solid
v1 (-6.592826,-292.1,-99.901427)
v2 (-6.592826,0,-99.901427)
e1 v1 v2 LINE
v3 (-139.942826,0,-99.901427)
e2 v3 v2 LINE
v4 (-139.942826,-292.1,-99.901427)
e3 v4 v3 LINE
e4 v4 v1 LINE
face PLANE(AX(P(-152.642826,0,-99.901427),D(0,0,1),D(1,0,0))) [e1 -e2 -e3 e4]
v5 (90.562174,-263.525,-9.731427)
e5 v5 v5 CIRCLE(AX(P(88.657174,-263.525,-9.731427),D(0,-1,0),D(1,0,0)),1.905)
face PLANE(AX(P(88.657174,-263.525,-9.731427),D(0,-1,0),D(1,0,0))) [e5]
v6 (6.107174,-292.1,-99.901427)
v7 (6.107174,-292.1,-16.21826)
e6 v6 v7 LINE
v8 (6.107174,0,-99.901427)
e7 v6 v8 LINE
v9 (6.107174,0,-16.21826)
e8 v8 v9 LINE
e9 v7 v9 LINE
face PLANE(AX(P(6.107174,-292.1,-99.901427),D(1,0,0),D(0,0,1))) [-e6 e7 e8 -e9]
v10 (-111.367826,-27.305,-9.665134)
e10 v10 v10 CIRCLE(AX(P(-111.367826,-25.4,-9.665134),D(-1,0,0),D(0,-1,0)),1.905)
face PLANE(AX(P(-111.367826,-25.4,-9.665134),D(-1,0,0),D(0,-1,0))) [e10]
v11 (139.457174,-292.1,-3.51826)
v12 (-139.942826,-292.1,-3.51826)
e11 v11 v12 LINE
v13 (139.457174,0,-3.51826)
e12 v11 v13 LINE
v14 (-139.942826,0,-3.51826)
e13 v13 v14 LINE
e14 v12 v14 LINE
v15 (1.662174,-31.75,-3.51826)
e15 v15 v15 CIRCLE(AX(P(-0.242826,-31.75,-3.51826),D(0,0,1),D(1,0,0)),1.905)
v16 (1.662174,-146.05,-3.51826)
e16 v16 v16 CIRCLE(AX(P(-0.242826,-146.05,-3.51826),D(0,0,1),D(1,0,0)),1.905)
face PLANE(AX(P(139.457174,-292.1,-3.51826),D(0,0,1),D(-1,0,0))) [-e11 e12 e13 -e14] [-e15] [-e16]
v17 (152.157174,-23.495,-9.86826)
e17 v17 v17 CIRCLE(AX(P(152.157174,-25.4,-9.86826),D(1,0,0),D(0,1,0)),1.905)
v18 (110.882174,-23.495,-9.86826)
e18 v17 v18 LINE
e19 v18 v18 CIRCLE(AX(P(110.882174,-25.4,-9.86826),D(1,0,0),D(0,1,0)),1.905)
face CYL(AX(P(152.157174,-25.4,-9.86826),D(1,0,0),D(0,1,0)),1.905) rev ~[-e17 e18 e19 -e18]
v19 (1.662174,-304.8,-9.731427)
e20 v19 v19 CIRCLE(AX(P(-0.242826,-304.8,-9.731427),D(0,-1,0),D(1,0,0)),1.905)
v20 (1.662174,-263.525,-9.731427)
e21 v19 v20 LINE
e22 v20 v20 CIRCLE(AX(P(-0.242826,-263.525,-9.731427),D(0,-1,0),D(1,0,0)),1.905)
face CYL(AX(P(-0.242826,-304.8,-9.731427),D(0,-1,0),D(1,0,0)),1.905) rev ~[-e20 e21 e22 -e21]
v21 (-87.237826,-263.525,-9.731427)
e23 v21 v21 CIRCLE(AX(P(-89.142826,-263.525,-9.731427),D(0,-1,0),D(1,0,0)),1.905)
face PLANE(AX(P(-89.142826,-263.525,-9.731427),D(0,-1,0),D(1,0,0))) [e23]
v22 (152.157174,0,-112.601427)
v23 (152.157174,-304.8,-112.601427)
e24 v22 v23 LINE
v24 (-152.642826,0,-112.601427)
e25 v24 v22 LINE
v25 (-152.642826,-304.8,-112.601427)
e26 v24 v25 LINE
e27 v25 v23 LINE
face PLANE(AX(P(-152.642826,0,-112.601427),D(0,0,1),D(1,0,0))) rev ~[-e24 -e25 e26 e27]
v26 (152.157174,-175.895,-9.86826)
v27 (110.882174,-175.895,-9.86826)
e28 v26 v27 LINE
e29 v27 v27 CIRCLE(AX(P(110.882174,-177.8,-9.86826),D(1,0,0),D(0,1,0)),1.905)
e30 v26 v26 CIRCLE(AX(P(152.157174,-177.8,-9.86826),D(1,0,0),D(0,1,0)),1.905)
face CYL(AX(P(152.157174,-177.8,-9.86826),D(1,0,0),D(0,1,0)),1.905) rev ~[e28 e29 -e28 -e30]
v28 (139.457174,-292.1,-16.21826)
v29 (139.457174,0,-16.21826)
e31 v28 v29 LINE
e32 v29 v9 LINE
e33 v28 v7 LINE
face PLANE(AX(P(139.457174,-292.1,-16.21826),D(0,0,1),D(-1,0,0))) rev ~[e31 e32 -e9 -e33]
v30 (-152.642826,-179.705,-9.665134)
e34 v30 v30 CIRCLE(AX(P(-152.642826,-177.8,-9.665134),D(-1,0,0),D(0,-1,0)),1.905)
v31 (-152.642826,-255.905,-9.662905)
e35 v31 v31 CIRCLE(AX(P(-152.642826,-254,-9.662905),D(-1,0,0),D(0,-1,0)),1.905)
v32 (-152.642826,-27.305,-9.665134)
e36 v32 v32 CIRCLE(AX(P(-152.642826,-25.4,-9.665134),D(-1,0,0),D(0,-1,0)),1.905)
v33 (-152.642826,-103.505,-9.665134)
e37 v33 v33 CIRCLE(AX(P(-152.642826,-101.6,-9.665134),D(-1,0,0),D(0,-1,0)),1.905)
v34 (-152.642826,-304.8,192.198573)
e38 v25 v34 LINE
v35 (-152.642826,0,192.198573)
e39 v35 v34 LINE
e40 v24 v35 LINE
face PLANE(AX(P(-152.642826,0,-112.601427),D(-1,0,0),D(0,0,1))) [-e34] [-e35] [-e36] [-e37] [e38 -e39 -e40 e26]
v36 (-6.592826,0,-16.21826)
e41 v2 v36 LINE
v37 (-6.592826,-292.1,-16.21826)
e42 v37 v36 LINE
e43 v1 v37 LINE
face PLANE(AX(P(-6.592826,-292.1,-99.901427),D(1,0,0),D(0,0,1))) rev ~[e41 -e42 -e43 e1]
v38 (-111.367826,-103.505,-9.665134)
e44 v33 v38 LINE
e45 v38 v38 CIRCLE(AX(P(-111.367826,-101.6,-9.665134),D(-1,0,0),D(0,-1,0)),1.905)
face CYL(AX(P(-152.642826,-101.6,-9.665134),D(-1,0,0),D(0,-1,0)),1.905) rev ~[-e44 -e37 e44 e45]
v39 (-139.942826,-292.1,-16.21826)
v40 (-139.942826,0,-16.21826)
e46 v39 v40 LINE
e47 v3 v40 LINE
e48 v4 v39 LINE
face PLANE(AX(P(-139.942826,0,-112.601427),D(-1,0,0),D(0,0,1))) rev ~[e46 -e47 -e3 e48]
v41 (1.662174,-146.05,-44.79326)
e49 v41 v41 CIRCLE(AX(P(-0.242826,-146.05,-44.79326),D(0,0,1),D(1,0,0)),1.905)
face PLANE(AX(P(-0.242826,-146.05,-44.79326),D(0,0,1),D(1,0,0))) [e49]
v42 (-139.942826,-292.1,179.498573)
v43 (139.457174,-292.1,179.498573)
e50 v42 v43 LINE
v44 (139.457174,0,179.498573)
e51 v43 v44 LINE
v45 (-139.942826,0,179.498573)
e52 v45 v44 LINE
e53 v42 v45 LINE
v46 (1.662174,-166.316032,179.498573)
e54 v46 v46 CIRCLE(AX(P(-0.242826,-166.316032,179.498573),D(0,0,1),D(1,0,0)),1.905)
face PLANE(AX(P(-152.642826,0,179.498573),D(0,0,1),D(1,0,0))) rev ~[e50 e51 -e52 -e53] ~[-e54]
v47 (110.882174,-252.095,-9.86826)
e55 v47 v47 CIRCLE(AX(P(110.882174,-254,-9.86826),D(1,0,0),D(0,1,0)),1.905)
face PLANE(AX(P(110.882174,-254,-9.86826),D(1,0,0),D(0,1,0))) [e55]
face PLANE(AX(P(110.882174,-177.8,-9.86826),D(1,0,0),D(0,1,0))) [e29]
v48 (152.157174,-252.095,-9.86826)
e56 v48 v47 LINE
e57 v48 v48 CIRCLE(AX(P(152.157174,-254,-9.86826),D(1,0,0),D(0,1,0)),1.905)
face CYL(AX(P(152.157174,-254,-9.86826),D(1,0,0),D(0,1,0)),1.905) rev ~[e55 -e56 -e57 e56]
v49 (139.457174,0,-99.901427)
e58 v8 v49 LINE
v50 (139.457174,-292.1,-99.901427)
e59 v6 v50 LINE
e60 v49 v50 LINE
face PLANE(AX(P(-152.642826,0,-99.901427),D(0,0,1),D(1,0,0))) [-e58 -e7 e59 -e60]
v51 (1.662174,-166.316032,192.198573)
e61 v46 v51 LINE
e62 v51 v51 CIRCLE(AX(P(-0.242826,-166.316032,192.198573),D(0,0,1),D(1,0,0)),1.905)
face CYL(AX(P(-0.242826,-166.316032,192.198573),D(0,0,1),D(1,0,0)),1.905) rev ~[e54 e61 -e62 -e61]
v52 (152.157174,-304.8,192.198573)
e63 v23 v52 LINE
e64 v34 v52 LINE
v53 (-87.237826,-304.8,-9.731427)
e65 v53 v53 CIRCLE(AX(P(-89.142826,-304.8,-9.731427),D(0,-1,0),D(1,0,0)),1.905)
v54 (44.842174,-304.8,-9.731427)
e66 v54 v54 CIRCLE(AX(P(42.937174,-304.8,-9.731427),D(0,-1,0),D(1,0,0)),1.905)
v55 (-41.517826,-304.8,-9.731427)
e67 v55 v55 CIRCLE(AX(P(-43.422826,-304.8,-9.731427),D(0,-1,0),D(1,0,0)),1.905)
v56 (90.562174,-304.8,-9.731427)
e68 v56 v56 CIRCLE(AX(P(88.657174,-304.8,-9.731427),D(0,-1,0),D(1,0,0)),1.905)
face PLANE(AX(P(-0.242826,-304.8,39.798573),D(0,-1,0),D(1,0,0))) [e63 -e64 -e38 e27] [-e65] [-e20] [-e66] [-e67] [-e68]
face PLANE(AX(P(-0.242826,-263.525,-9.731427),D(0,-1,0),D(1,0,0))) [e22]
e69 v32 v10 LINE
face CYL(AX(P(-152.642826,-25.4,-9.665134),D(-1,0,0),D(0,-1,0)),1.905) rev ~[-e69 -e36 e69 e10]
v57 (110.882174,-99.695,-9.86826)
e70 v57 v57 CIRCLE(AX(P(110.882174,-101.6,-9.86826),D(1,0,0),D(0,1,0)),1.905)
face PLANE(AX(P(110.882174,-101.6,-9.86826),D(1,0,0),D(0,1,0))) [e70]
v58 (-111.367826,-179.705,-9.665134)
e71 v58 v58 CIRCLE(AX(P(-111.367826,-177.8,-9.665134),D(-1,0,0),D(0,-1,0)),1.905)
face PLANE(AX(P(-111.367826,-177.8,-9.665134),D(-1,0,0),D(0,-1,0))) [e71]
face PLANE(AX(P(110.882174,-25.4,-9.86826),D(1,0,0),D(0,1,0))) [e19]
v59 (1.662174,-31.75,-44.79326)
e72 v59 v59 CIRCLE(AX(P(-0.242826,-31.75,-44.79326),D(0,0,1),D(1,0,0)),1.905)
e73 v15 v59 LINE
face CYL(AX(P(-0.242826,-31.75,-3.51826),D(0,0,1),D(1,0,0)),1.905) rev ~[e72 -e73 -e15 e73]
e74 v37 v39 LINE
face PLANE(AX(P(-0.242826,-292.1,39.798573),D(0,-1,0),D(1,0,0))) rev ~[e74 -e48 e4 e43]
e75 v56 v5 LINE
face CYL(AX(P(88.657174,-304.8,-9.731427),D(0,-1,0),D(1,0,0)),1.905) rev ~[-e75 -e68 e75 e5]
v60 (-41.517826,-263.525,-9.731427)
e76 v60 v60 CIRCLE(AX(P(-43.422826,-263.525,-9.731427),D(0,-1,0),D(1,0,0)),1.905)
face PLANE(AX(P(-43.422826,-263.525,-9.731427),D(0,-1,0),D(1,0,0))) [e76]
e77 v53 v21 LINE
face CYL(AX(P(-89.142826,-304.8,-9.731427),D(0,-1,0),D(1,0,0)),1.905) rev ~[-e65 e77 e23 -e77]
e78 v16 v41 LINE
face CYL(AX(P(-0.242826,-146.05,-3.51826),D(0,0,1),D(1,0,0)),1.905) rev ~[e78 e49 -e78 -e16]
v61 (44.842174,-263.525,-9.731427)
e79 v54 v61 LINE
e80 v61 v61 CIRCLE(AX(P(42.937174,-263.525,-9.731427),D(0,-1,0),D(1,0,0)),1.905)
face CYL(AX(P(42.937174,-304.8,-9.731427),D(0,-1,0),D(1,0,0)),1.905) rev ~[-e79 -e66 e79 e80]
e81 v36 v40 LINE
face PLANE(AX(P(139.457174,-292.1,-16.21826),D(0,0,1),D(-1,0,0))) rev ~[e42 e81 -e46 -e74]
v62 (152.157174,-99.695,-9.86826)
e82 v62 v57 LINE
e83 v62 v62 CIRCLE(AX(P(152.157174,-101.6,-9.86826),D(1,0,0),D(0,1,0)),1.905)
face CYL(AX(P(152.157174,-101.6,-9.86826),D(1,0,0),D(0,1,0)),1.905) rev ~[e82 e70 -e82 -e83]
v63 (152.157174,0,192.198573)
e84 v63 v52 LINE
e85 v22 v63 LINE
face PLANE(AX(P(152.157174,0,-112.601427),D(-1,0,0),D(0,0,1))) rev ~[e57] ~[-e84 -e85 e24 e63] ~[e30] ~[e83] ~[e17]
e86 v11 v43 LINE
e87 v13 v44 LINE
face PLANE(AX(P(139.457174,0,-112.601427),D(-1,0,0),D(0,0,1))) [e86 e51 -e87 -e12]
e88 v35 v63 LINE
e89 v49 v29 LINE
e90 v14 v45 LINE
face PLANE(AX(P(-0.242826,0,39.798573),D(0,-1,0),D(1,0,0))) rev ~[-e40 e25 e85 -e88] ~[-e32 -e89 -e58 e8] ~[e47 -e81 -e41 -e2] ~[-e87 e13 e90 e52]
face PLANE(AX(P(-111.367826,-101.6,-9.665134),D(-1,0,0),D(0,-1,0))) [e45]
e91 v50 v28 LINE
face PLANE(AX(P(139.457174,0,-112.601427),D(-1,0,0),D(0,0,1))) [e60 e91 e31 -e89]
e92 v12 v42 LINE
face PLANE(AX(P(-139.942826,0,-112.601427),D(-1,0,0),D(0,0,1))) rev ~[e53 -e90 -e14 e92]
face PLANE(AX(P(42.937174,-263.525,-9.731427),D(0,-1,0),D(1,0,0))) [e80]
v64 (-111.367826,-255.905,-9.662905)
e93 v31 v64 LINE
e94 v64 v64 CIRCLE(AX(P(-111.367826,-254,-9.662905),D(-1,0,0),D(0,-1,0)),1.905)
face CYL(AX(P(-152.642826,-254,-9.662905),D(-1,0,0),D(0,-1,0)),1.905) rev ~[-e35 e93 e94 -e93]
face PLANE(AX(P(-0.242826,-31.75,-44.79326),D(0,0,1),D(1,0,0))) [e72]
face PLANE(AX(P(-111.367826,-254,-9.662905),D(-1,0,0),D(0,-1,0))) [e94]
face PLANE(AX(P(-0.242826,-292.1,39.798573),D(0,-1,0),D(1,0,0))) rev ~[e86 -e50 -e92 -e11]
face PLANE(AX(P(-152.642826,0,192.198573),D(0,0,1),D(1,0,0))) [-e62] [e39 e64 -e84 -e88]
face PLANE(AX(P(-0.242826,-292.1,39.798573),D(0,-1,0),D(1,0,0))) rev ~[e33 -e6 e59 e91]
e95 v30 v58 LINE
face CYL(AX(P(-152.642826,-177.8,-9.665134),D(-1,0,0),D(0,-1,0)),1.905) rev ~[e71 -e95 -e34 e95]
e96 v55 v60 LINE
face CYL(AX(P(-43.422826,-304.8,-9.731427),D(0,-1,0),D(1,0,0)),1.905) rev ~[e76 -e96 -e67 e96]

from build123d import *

# Parameters (mm, degrees)
F0_W      = 304.8
F0_H      = 304.8
F1_DEPTH  = 304.8
F2_T      = -12.7
F3_W      = 279.4
F3_H      = 12.7
F4_DEPTH  = 292.1
F5_R      = 1.905
F6_DEPTH  = 12.7
F7_R      = 1.905
F8_DEPTH  = 41.275
F9_R      = 1.905
F10_DEPTH = 41.275
F11_R     = 1.905
F12_DEPTH = 41.275
F13_W     = 12.7
F13_H     = 83.6831671771
F14_DEPTH = 292.1
F15_R     = 1.905
F16_DEPTH = 41.275


with BuildPart() as f1:
    # F0 (on Front) → F1 (new body)
    with BuildSketch(Plane.XZ):
        with Locations((-0.2428255975, 39.7985728923)):
            Rectangle(F0_W, F0_H)
    extrude(amount=F1_DEPTH)

    # F2
    f2_openings = [f1.faces().sort_by_distance(p)[0] for p in [
        (-0.242826, 0, 39.798573),
    ]]
    offset(amount=F2_T, openings=f2_openings)

    # F3 (on face) → F4 (join)
    with BuildSketch(Plane(origin=(0, -292.1, 0), x_dir=(-1, 0, 0), z_dir=(0, 1, 0))):
        with Locations((0.2428255975, -9.8682599306)):
            Rectangle(F3_W, F3_H)
    extrude(amount=F4_DEPTH)

    # F5 (on face) → F6 (cut, symmetric)
    with BuildSketch(Plane.XY.offset(192.1985728923)):
        with Locations((-0.2428255975, -166.3160324097)):
            Circle(F5_R)
    extrude(amount=F6_DEPTH, both=True, mode=Mode.SUBTRACT)

    # F7 (on face) → F8 (cut)
    with BuildSketch(Plane.YZ.offset(152.1571744025)):
        with Locations((-254, -9.8682599306)):
            Circle(F7_R)
        with Locations((-177.8, -9.8682599306)):
            Circle(F7_R)
        with Locations((-101.6, -9.8682599306)):
            Circle(F7_R)
        with Locations((-25.4, -9.8682599306)):
            Circle(F7_R)
    extrude(amount=-F8_DEPTH, mode=Mode.SUBTRACT)

    # F9 (on face) → F10 (cut)
    with BuildSketch(Plane(origin=(-152.6428255975, 0, 0), x_dir=(0, -1, 0), z_dir=(-1, 0, 0))):
        with Locations((25.4, -9.6651343237)):
            Circle(F9_R)
        with Locations((101.6, -9.6651343237)):
            Circle(F9_R)
        with Locations((177.8, -9.6651343237)):
            Circle(F9_R)
        with Locations((254, -9.6629047766)):
            Circle(F9_R)
    extrude(amount=-F10_DEPTH, mode=Mode.SUBTRACT)

    # F11 (on face) → F12 (cut)
    with BuildSketch(Plane.XZ.offset(304.8)):
        with Locations((-89.1428255975, -9.7314271077)):
            Circle(F11_R)
        with Locations((-43.4228255975, -9.7314271077)):
            Circle(F11_R)
        with Locations((-0.2428255975, -9.7314271077)):
            Circle(F11_R)
        with Locations((42.9371744025, -9.7314271077)):
            Circle(F11_R)
        with Locations((88.6571744025, -9.7314271077)):
            Circle(F11_R)
    extrude(amount=-F12_DEPTH, mode=Mode.SUBTRACT)

    # F13 (on face) → F14 (join)
    with BuildSketch(Plane(origin=(0, -292.1, 0), x_dir=(-1, 0, 0), z_dir=(0, 1, 0))):
        with Locations((0.2428255975, -58.0598435192)):
            Rectangle(F13_W, F13_H)
    extrude(amount=F14_DEPTH)

    # F15 (on face) → F16 (cut)
    with BuildSketch(Plane.XY.offset(-3.5182599306)):
        with Locations((-0.2428255975, -31.75)):
            Circle(F15_R)
        with Locations((-0.2428255975, -146.05)):
            Circle(F15_R)
    extrude(amount=-F16_DEPTH, mode=Mode.SUBTRACT)


solid = f1.part
